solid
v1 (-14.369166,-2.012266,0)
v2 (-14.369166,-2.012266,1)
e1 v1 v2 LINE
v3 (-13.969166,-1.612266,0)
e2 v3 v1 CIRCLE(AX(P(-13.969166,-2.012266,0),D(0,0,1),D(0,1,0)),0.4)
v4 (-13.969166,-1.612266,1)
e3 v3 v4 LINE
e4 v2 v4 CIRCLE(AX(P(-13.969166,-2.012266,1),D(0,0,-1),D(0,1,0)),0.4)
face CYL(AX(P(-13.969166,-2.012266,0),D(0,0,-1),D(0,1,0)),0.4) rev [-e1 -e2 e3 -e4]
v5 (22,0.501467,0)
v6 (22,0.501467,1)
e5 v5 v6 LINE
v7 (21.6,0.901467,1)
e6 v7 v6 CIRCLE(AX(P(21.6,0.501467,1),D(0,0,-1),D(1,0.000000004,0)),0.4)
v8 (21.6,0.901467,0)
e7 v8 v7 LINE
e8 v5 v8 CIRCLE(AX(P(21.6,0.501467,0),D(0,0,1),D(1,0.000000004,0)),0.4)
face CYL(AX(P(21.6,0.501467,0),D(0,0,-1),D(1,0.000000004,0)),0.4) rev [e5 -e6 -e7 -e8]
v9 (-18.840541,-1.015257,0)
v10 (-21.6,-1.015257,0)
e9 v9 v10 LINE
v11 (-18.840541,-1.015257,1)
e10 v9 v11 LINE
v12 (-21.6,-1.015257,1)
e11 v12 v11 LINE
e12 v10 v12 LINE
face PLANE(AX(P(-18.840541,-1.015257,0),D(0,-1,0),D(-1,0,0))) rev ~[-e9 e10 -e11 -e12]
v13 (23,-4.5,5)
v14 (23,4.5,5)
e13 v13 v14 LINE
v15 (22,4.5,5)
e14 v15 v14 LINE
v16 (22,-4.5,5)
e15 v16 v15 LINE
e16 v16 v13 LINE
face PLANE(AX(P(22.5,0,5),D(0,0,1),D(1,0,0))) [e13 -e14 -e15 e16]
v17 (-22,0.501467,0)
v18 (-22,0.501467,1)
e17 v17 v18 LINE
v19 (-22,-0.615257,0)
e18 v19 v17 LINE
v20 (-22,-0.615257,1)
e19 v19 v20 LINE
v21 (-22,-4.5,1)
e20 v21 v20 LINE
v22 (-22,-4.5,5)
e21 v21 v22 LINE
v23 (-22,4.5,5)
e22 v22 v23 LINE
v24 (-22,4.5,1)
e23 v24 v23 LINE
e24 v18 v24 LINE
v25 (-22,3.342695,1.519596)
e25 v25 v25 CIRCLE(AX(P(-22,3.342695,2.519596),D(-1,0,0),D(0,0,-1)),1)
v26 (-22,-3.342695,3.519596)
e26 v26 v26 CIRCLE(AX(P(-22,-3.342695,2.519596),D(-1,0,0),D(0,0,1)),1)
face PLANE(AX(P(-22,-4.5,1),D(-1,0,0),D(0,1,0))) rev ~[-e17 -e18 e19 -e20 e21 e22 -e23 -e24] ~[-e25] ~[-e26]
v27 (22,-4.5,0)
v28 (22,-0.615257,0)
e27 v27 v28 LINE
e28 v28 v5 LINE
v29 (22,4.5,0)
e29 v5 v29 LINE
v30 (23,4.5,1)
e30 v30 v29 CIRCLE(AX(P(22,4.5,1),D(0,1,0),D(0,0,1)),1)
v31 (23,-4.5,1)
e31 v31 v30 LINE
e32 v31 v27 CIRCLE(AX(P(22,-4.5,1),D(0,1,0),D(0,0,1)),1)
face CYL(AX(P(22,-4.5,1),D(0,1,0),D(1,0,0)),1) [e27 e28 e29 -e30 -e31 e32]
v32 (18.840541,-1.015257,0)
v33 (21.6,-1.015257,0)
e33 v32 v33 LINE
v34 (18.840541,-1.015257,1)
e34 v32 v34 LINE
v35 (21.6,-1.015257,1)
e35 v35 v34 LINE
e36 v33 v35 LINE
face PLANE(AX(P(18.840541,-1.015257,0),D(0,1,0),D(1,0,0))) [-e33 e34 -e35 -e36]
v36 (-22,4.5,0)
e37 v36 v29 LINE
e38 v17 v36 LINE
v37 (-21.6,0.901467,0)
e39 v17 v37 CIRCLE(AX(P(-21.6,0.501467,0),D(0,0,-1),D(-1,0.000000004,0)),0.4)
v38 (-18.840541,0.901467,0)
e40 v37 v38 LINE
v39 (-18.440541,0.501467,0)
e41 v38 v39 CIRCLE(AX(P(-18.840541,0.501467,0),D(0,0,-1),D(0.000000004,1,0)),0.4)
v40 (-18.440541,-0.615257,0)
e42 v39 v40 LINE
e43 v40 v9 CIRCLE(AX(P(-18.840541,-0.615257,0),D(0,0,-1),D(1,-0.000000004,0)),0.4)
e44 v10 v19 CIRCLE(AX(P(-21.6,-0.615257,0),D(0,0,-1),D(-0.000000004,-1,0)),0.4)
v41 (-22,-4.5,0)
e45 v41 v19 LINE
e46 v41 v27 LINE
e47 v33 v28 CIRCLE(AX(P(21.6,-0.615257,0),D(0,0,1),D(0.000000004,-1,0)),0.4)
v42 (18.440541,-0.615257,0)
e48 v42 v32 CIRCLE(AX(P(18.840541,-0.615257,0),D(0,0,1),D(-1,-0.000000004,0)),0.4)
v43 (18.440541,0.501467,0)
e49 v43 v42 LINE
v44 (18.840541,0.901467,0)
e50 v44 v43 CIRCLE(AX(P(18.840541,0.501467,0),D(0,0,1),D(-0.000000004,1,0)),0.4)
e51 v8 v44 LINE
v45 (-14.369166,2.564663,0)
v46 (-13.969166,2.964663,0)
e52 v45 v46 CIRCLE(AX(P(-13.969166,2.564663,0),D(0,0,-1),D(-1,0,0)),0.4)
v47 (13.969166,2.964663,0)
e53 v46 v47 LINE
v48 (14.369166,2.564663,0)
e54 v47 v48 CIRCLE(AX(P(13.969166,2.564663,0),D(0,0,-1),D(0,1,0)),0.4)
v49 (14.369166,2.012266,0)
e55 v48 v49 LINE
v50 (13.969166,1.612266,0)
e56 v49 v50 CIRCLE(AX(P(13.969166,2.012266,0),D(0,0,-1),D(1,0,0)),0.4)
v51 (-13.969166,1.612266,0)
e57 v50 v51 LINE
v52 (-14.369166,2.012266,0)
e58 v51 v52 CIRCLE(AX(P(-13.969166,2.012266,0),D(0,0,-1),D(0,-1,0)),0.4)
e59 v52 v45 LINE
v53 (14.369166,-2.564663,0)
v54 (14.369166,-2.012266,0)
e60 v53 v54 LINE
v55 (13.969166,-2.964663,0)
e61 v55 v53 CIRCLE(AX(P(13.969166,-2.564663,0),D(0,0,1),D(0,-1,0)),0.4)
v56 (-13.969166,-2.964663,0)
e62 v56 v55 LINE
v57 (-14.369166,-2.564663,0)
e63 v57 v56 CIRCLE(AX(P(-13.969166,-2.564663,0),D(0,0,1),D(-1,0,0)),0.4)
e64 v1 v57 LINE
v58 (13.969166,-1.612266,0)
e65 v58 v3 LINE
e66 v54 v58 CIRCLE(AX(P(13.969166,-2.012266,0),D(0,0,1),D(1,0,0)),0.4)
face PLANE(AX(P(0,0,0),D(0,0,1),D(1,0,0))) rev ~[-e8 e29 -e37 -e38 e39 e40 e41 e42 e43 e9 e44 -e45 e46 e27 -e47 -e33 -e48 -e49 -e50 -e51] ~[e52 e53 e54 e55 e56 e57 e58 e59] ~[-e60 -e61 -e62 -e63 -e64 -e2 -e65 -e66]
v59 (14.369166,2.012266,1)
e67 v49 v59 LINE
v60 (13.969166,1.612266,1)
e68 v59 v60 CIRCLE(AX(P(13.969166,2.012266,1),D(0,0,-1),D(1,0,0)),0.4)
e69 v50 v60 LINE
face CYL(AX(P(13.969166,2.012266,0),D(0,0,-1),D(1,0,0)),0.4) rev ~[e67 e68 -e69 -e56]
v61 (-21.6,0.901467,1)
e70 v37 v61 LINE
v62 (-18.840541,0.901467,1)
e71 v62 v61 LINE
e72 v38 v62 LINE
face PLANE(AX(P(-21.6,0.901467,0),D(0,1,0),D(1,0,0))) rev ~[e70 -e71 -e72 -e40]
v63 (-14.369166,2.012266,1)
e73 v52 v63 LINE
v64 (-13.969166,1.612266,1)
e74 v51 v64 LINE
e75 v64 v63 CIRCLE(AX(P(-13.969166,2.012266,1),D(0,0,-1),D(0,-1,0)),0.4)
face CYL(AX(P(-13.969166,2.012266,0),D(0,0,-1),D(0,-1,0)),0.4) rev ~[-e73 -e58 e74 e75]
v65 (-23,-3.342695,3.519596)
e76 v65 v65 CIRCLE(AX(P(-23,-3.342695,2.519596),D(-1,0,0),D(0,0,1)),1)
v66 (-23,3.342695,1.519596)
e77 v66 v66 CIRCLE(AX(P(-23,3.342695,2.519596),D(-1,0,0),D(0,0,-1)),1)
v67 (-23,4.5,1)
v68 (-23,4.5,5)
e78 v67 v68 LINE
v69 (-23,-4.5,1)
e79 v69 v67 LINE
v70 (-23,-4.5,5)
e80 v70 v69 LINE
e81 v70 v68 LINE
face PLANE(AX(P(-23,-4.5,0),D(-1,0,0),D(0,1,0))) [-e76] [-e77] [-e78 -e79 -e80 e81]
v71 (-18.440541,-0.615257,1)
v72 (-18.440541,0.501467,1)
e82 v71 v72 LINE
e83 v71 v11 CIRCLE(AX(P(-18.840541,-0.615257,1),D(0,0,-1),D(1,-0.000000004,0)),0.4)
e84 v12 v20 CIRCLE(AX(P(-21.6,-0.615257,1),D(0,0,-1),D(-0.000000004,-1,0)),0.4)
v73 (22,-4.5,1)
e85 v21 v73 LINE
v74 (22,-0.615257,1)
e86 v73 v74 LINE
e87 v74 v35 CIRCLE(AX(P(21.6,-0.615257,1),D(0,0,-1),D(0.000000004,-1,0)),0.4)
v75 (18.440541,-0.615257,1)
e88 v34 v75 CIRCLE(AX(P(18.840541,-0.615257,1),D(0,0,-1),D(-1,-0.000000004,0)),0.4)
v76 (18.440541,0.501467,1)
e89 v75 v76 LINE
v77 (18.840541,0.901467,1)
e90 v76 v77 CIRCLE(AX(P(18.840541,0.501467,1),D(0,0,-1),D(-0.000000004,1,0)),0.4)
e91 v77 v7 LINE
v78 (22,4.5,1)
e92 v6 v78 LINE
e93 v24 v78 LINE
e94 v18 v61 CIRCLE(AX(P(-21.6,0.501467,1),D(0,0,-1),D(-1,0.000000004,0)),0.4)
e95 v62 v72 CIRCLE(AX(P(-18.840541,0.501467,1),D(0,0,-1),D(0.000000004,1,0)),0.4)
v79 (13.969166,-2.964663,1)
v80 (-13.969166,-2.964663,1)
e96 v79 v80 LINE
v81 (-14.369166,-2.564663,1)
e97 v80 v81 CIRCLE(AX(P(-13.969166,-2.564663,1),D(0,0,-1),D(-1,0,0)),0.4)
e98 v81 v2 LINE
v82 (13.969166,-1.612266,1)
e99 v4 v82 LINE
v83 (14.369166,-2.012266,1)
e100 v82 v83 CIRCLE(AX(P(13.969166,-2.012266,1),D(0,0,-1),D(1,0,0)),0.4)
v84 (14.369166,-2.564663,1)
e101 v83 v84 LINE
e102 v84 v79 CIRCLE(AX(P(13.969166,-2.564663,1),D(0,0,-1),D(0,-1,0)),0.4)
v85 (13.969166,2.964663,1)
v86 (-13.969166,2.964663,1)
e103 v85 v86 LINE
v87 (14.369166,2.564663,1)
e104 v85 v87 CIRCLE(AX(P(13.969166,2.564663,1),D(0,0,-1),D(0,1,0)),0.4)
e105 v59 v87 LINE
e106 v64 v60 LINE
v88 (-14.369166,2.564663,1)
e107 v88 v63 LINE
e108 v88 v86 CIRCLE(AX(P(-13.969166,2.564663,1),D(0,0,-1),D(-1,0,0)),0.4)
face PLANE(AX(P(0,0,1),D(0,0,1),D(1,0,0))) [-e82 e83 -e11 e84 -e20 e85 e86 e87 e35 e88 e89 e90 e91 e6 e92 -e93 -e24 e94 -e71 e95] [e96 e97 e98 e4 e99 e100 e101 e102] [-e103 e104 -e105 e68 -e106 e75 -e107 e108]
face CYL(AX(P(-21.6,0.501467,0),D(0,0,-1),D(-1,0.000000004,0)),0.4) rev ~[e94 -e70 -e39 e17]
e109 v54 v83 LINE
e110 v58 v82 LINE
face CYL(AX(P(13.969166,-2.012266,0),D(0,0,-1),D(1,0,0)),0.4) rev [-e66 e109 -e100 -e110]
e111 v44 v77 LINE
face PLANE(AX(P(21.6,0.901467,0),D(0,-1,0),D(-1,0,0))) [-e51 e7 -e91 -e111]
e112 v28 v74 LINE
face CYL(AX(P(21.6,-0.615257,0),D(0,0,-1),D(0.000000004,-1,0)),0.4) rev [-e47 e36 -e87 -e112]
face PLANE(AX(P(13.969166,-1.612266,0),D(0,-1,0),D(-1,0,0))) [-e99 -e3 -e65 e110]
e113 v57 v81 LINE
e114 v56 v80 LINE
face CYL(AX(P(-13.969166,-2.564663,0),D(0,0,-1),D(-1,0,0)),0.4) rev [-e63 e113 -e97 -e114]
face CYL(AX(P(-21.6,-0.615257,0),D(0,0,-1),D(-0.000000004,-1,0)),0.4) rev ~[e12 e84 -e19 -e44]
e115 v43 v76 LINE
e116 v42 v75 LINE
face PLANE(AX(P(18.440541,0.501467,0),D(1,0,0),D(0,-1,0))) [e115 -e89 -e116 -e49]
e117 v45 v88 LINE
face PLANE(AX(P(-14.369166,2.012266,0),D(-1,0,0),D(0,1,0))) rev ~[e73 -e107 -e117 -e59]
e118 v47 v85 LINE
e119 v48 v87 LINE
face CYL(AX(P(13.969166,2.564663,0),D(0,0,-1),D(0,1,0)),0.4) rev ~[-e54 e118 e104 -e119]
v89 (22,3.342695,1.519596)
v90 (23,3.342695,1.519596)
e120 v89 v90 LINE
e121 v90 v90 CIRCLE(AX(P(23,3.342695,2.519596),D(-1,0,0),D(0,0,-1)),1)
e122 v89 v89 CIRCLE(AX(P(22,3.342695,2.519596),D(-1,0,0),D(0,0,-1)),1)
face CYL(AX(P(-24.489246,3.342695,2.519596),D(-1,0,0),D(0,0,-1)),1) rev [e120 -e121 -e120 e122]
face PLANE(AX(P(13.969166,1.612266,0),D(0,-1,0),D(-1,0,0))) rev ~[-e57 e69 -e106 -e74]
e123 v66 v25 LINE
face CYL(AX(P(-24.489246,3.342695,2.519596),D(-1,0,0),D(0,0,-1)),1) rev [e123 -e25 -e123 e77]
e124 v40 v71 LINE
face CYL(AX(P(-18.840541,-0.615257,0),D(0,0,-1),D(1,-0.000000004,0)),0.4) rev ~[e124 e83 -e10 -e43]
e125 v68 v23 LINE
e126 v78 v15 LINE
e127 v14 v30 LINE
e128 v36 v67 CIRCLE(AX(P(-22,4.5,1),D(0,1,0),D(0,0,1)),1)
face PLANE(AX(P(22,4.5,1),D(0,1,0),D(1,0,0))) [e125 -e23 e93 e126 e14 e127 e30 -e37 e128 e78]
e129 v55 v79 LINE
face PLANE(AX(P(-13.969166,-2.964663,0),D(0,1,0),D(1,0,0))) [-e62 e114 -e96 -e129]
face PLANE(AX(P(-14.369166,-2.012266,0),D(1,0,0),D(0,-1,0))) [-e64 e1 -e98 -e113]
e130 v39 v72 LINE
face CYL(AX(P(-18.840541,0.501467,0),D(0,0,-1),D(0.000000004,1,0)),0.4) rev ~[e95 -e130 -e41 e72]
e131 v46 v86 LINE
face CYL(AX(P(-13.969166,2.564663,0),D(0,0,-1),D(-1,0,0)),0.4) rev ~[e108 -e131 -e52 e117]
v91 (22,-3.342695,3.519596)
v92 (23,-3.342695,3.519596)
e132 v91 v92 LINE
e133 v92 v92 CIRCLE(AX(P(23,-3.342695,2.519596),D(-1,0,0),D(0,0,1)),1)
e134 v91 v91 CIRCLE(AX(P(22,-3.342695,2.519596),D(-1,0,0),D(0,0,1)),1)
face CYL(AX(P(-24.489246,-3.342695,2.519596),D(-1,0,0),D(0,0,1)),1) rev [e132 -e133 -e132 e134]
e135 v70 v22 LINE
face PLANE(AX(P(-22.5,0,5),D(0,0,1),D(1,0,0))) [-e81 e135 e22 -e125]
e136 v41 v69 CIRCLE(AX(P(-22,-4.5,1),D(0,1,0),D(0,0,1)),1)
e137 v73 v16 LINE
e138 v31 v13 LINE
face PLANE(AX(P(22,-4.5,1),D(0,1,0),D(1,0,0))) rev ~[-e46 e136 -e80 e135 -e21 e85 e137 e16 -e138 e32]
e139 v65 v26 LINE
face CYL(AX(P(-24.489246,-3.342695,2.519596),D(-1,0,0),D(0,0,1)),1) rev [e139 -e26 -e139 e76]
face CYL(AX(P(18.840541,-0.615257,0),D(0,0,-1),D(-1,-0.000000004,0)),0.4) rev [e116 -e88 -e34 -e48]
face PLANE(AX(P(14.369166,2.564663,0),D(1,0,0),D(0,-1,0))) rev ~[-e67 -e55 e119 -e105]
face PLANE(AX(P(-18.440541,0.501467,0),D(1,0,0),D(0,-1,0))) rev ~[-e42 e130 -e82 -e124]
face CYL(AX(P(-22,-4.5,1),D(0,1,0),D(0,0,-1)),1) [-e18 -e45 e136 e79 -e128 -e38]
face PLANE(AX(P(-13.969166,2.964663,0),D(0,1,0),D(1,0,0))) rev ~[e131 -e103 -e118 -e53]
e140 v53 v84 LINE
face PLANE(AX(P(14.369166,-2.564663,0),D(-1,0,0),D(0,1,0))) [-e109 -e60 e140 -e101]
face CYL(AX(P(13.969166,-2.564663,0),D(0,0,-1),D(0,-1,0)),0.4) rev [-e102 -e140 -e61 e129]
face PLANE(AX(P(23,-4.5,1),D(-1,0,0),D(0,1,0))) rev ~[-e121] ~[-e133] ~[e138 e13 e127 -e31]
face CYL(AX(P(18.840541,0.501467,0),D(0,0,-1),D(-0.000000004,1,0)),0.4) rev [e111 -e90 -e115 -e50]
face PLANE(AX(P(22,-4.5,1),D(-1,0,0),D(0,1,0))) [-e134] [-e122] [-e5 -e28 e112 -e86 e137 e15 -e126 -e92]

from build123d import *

# Parameters (mm, degrees)
SKETCH1_W               = 46
SKETCH1_H               = 9
BOSS_EXTRUDE1_DEPTH     = 1
SKETCH2_W               = 1
SKETCH2_H               = 9
BOSS_EXTRUDE2_DEPTH     = 4
CUT_EXTRUDE1_DEPTH      = 47.489246068
CUT_EXTRUDE1_DEPTH_BACK = 47.489246068
SKETCH3_R               = 1
FILLET1_R               = 1
CUT_EXTRUDE2_DEPTH      = 4


with BuildPart() as part:
    # Sketch1 → Boss-Extrude1 (new body)
    with BuildSketch(Plane.XY):
        Rectangle(SKETCH1_W, SKETCH1_H)
    extrude(amount=BOSS_EXTRUDE1_DEPTH)

    # Sketch2 → Boss-Extrude2 (add)
    with BuildSketch(Plane.XY.offset(1)):
        with Locations((22.5, 0)):
            Rectangle(SKETCH2_W, SKETCH2_H)
        with Locations((-22.5, 0)):
            Rectangle(SKETCH2_W, SKETCH2_H)
    extrude(amount=BOSS_EXTRUDE2_DEPTH)

    # Sketch3 → Cut-Extrude1 (cut, two sides: drawn at the far end of the back side and taken through both)
    with BuildSketch(Plane(origin=(23, 0, 0), x_dir=(0, 0, -1), z_dir=(1, 0, 0)).offset(-CUT_EXTRUDE1_DEPTH_BACK)):
        with Locations((-2.519595735, 3.342695185)):
            Circle(SKETCH3_R)
        with Locations(Location((-2.519595735, -3.342695185, 0), (0, 0, 180))):
            Circle(SKETCH3_R)
    extrude(amount=CUT_EXTRUDE1_DEPTH + CUT_EXTRUDE1_DEPTH_BACK, mode=Mode.SUBTRACT)

    # Fillet1
    fillet1_edges = [part.edges().sort_by_distance(p)[0] for p in [
        (23, 0, 0),
        (-23, 0, 0),
    ]]
    fillet(fillet1_edges, radius=FILLET1_R)

    # Sketch4 → Cut-Extrude2 (cut)
    with BuildSketch(Plane(origin=(0, 0, 0), x_dir=(-1, 0, 0), z_dir=(0, 0, -1))):
        with BuildLine():
            Line((-13.969166326, 1.612266409), (13.969166326, 1.612266409))
            ThreePointArc((13.969166326, 1.612266409), (14.252009038, 1.729423696), (14.369166326, 2.012266409))
            Line((14.369166326, 2.012266409), (14.369166326, 2.564662734))
            ThreePointArc((14.369166326, 2.564662734), (14.252009038, 2.847505447), (13.969166326, 2.964662734))
            Line((13.969166326, 2.964662734), (-13.969166326, 2.964662734))
            ThreePointArc((-13.969166326, 2.964662734), (-14.252009038, 2.847505447), (-14.369166326, 2.564662734))
            Line((-14.369166326, 2.564662734), (-14.369166326, 2.012266409))
            ThreePointArc((-14.369166326, 2.012266409), (-14.252009038, 1.729423696), (-13.969166326, 1.612266409))
        make_face()
        with BuildLine():
            Line((14.369166326, -2.012266409), (14.369166326, -2.564662734))
            ThreePointArc((14.369166326, -2.564662734), (14.252009038, -2.847505447), (13.969166326, -2.964662734))
            Line((13.969166326, -2.964662734), (-13.969166326, -2.964662734))
            ThreePointArc((-13.969166326, -2.964662734), (-14.252009038, -2.847505447), (-14.369166326, -2.564662734))
            Line((-14.369166326, -2.564662734), (-14.369166326, -2.012266409))
            ThreePointArc((-14.369166326, -2.012266409), (-14.252009038, -1.729423696), (-13.969166326, -1.612266409))
            Line((-13.969166326, -1.612266409), (13.969166326, -1.612266409))
            ThreePointArc((13.969166326, -1.612266409), (14.252009038, -1.729423696), (14.369166326, -2.012266409))
        make_face()
        with BuildLine():
            Line((-21.6, 0.901467355), (-18.840541252, 0.901467355))
            ThreePointArc((-18.840541252, 0.901467355), (-18.55769854, 0.784310067), (-18.440541252, 0.501467355))
            Line((-18.440541252, 0.501467355), (-18.440541252, -0.615256763))
            ThreePointArc((-18.440541252, -0.615256763), (-18.55769854, -0.898099475), (-18.840541252, -1.015256763))
            Line((-18.840541252, -1.015256763), (-21.6, -1.015256763))
            ThreePointArc((-21.6, -1.015256763), (-21.882842712, -0.898099475), (-22, -0.615256763))
            Line((-22, -0.615256763), (-22, 0.501467355))
            ThreePointArc((-22, 0.501467355), (-21.882842712, 0.784310067), (-21.6, 0.901467355))
        make_face()
        with BuildLine():
            Line((18.440541252, 0.501467355), (18.440541252, -0.615256763))
            ThreePointArc((18.440541252, -0.615256763), (18.55769854, -0.898099475), (18.840541252, -1.015256763))
            Line((18.840541252, -1.015256763), (21.6, -1.015256763))
            ThreePointArc((21.6, -1.015256763), (21.882842712, -0.898099475), (22, -0.615256763))
            Line((22, -0.615256763), (22, 0.501467355))
            ThreePointArc((22, 0.501467355), (21.882842712, 0.784310067), (21.6, 0.901467355))
            Line((21.6, 0.901467355), (18.840541252, 0.901467355))
            ThreePointArc((18.840541252, 0.901467355), (18.55769854, 0.784310067), (18.440541252, 0.501467355))
        make_face()
    extrude(amount=-CUT_EXTRUDE2_DEPTH, mode=Mode.SUBTRACT)


solid = part.part
